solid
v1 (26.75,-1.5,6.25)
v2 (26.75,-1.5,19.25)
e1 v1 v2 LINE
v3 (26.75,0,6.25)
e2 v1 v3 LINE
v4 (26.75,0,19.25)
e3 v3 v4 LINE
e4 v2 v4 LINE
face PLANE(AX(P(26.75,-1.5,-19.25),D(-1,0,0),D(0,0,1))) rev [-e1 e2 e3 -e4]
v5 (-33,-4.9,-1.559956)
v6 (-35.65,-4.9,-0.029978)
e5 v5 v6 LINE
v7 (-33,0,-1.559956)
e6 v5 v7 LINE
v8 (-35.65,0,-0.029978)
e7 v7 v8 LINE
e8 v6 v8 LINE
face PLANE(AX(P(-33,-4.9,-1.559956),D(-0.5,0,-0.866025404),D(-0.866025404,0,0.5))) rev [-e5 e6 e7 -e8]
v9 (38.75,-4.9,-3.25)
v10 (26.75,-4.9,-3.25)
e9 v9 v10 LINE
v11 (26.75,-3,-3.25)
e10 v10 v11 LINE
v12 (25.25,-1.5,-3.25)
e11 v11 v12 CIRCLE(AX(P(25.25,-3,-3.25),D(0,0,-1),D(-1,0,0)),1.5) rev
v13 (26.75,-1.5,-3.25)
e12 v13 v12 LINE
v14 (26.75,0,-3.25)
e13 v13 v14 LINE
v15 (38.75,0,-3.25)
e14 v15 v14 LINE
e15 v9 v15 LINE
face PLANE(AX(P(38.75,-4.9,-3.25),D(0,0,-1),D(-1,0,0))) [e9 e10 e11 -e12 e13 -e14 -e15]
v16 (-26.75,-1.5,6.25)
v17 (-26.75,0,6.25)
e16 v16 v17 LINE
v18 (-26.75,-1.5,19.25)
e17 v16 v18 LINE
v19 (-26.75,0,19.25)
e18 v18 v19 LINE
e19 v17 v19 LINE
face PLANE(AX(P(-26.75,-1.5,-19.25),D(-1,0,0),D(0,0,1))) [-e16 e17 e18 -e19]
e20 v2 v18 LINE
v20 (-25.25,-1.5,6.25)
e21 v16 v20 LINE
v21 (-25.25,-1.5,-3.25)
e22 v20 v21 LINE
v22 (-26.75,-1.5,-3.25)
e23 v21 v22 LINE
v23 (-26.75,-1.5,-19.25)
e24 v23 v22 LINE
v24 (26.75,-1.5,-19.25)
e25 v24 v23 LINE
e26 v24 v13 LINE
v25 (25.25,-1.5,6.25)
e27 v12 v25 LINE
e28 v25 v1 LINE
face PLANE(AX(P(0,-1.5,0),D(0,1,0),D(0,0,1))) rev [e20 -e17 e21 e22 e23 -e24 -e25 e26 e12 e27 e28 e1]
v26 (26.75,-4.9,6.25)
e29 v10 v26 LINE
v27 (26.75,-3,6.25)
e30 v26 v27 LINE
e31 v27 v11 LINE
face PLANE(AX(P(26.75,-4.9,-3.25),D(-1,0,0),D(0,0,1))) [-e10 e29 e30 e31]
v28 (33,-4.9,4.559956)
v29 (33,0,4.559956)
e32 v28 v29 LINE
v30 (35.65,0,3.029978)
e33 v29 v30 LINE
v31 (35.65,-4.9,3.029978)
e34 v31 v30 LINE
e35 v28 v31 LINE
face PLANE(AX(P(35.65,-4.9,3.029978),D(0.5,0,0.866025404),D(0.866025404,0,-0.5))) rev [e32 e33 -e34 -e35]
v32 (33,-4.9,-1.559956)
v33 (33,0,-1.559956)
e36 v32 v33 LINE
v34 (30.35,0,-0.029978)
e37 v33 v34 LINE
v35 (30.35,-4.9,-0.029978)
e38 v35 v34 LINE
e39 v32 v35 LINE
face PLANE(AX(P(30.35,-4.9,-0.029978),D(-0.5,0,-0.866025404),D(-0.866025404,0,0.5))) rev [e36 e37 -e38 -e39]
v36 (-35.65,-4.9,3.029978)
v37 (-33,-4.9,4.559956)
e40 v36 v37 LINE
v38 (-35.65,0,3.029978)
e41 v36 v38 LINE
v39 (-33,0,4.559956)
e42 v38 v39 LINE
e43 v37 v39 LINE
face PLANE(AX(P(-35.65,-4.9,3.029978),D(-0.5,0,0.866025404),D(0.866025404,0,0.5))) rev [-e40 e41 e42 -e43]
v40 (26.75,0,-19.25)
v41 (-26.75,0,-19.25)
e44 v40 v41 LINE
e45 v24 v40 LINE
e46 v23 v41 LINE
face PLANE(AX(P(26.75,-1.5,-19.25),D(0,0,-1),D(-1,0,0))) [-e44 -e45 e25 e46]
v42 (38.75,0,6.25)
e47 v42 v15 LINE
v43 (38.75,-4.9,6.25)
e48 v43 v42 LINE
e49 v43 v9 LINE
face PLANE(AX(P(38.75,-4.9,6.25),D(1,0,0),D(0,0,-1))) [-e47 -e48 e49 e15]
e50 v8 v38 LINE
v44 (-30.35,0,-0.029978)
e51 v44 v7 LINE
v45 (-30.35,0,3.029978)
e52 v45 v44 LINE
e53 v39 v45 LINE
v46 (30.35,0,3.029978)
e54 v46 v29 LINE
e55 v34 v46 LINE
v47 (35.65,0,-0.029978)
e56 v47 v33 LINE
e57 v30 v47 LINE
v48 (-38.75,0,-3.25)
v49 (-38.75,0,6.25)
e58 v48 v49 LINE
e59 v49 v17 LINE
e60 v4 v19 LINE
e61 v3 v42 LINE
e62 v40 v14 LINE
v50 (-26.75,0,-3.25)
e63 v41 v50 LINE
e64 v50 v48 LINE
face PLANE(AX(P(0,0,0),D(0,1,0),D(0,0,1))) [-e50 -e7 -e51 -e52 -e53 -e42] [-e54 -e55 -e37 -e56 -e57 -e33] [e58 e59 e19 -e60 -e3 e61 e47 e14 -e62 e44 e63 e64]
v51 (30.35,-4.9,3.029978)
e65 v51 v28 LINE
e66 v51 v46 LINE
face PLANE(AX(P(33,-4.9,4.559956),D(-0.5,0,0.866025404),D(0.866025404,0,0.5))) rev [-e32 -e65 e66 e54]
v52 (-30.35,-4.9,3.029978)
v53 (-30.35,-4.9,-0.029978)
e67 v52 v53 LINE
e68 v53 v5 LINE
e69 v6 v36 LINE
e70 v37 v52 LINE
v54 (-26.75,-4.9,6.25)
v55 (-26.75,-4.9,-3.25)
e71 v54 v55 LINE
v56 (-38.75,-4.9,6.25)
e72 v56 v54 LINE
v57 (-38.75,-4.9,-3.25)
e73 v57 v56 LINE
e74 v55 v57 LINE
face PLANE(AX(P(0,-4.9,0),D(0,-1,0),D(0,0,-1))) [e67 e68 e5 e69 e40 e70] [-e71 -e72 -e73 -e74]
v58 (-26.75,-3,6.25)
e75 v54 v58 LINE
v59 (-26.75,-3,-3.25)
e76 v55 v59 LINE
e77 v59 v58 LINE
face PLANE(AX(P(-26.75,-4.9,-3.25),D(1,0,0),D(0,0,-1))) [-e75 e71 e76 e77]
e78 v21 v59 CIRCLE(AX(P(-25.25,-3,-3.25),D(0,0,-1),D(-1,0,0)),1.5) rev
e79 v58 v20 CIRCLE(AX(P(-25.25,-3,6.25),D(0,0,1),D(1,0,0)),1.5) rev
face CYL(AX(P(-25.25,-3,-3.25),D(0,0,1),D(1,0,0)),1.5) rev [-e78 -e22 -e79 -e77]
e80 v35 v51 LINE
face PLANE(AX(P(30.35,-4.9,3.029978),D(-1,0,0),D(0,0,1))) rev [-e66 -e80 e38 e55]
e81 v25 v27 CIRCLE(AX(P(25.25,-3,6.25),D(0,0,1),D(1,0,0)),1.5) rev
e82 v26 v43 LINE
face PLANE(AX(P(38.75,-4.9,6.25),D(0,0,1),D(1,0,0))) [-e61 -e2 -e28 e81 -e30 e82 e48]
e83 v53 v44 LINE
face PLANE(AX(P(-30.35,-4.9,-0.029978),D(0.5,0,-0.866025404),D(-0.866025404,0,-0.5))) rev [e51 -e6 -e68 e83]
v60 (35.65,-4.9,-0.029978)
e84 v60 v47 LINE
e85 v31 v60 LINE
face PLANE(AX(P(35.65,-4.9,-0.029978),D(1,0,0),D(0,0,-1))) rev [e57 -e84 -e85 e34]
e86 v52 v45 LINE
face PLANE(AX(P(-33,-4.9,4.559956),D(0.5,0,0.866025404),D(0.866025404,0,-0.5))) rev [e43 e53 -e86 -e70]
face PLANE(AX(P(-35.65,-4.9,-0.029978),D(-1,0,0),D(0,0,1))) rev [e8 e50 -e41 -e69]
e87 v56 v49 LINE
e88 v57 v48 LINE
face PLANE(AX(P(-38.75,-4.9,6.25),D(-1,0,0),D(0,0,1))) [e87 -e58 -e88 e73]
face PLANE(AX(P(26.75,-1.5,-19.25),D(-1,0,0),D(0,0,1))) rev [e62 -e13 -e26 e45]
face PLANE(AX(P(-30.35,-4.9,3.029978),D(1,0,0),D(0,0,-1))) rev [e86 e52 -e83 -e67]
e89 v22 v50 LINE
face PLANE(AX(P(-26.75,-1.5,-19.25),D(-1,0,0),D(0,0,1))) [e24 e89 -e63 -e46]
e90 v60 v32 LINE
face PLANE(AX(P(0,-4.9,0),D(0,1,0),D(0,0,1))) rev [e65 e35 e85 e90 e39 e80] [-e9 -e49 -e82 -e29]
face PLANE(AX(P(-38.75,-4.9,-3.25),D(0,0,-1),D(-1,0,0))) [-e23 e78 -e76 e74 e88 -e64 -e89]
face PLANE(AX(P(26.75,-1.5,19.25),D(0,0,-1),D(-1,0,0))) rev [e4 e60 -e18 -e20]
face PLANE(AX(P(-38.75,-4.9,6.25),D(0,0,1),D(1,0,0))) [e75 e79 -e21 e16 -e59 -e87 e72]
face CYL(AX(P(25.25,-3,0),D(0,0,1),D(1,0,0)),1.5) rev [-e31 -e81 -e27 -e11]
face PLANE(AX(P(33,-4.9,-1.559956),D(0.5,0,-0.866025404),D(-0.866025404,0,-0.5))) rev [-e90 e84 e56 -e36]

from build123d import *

# Parameters (mm, degrees)
SKETCH1_W           = 53.5
SKETCH1_H           = 38.5
BOSS_EXTRUDE1_DEPTH = 1.5
SKETCH2_W           = 12
SKETCH2_H           = 9.5
BOSS_EXTRUDE2_DEPTH = 4.9
FILLET1_R           = 1.5


with BuildPart() as part:
    # Sketch1 → Boss-Extrude1 (new body)
    with BuildSketch(Plane(origin=(0, 0, 0), x_dir=(1, 0, 0), z_dir=(0, 1, 0))):
        Rectangle(SKETCH1_W, SKETCH1_H)
    extrude(amount=-BOSS_EXTRUDE1_DEPTH)

    # Sketch2 → Boss-Extrude2 (add)
    # profile 1 of 2: a face of its own
    with BuildSketch(Plane(origin=(0, 0, 0), x_dir=(1, 0, 0), z_dir=(0, 1, 0))):
        with Locations((-32.75, -1.5)):
            Rectangle(SKETCH2_W, SKETCH2_H)
        Polygon((-33, -4.559956427), (-30.35, -3.029978213), (-30.35, 0.029978213), (-33, 1.559956427), (-35.65, 0.029978213), (-35.65, -3.029978213), align=None, mode=Mode.SUBTRACT)
    # profile 2 of 2: a face of its own
    with BuildSketch(Plane(origin=(0, 0, 0), x_dir=(1, 0, 0), z_dir=(0, 1, 0))):
        with Locations((32.75, -1.5)):
            Rectangle(SKETCH2_W, SKETCH2_H)
        Polygon((35.65, -3.029978213), (33, -4.559956427), (30.35, -3.029978213), (30.35, 0.029978213), (33, 1.559956427), (35.65, 0.029978213), align=None, mode=Mode.SUBTRACT)
    extrude(amount=-BOSS_EXTRUDE2_DEPTH)

    # Fillet1
    fillet1_edges = [part.edges().sort_by_distance(p)[0] for p in [
        (-26.75, -1.5, 1.5),
        (26.75, -1.5, 1.5),
    ]]
    fillet(fillet1_edges, radius=FILLET1_R)


solid = part.part
